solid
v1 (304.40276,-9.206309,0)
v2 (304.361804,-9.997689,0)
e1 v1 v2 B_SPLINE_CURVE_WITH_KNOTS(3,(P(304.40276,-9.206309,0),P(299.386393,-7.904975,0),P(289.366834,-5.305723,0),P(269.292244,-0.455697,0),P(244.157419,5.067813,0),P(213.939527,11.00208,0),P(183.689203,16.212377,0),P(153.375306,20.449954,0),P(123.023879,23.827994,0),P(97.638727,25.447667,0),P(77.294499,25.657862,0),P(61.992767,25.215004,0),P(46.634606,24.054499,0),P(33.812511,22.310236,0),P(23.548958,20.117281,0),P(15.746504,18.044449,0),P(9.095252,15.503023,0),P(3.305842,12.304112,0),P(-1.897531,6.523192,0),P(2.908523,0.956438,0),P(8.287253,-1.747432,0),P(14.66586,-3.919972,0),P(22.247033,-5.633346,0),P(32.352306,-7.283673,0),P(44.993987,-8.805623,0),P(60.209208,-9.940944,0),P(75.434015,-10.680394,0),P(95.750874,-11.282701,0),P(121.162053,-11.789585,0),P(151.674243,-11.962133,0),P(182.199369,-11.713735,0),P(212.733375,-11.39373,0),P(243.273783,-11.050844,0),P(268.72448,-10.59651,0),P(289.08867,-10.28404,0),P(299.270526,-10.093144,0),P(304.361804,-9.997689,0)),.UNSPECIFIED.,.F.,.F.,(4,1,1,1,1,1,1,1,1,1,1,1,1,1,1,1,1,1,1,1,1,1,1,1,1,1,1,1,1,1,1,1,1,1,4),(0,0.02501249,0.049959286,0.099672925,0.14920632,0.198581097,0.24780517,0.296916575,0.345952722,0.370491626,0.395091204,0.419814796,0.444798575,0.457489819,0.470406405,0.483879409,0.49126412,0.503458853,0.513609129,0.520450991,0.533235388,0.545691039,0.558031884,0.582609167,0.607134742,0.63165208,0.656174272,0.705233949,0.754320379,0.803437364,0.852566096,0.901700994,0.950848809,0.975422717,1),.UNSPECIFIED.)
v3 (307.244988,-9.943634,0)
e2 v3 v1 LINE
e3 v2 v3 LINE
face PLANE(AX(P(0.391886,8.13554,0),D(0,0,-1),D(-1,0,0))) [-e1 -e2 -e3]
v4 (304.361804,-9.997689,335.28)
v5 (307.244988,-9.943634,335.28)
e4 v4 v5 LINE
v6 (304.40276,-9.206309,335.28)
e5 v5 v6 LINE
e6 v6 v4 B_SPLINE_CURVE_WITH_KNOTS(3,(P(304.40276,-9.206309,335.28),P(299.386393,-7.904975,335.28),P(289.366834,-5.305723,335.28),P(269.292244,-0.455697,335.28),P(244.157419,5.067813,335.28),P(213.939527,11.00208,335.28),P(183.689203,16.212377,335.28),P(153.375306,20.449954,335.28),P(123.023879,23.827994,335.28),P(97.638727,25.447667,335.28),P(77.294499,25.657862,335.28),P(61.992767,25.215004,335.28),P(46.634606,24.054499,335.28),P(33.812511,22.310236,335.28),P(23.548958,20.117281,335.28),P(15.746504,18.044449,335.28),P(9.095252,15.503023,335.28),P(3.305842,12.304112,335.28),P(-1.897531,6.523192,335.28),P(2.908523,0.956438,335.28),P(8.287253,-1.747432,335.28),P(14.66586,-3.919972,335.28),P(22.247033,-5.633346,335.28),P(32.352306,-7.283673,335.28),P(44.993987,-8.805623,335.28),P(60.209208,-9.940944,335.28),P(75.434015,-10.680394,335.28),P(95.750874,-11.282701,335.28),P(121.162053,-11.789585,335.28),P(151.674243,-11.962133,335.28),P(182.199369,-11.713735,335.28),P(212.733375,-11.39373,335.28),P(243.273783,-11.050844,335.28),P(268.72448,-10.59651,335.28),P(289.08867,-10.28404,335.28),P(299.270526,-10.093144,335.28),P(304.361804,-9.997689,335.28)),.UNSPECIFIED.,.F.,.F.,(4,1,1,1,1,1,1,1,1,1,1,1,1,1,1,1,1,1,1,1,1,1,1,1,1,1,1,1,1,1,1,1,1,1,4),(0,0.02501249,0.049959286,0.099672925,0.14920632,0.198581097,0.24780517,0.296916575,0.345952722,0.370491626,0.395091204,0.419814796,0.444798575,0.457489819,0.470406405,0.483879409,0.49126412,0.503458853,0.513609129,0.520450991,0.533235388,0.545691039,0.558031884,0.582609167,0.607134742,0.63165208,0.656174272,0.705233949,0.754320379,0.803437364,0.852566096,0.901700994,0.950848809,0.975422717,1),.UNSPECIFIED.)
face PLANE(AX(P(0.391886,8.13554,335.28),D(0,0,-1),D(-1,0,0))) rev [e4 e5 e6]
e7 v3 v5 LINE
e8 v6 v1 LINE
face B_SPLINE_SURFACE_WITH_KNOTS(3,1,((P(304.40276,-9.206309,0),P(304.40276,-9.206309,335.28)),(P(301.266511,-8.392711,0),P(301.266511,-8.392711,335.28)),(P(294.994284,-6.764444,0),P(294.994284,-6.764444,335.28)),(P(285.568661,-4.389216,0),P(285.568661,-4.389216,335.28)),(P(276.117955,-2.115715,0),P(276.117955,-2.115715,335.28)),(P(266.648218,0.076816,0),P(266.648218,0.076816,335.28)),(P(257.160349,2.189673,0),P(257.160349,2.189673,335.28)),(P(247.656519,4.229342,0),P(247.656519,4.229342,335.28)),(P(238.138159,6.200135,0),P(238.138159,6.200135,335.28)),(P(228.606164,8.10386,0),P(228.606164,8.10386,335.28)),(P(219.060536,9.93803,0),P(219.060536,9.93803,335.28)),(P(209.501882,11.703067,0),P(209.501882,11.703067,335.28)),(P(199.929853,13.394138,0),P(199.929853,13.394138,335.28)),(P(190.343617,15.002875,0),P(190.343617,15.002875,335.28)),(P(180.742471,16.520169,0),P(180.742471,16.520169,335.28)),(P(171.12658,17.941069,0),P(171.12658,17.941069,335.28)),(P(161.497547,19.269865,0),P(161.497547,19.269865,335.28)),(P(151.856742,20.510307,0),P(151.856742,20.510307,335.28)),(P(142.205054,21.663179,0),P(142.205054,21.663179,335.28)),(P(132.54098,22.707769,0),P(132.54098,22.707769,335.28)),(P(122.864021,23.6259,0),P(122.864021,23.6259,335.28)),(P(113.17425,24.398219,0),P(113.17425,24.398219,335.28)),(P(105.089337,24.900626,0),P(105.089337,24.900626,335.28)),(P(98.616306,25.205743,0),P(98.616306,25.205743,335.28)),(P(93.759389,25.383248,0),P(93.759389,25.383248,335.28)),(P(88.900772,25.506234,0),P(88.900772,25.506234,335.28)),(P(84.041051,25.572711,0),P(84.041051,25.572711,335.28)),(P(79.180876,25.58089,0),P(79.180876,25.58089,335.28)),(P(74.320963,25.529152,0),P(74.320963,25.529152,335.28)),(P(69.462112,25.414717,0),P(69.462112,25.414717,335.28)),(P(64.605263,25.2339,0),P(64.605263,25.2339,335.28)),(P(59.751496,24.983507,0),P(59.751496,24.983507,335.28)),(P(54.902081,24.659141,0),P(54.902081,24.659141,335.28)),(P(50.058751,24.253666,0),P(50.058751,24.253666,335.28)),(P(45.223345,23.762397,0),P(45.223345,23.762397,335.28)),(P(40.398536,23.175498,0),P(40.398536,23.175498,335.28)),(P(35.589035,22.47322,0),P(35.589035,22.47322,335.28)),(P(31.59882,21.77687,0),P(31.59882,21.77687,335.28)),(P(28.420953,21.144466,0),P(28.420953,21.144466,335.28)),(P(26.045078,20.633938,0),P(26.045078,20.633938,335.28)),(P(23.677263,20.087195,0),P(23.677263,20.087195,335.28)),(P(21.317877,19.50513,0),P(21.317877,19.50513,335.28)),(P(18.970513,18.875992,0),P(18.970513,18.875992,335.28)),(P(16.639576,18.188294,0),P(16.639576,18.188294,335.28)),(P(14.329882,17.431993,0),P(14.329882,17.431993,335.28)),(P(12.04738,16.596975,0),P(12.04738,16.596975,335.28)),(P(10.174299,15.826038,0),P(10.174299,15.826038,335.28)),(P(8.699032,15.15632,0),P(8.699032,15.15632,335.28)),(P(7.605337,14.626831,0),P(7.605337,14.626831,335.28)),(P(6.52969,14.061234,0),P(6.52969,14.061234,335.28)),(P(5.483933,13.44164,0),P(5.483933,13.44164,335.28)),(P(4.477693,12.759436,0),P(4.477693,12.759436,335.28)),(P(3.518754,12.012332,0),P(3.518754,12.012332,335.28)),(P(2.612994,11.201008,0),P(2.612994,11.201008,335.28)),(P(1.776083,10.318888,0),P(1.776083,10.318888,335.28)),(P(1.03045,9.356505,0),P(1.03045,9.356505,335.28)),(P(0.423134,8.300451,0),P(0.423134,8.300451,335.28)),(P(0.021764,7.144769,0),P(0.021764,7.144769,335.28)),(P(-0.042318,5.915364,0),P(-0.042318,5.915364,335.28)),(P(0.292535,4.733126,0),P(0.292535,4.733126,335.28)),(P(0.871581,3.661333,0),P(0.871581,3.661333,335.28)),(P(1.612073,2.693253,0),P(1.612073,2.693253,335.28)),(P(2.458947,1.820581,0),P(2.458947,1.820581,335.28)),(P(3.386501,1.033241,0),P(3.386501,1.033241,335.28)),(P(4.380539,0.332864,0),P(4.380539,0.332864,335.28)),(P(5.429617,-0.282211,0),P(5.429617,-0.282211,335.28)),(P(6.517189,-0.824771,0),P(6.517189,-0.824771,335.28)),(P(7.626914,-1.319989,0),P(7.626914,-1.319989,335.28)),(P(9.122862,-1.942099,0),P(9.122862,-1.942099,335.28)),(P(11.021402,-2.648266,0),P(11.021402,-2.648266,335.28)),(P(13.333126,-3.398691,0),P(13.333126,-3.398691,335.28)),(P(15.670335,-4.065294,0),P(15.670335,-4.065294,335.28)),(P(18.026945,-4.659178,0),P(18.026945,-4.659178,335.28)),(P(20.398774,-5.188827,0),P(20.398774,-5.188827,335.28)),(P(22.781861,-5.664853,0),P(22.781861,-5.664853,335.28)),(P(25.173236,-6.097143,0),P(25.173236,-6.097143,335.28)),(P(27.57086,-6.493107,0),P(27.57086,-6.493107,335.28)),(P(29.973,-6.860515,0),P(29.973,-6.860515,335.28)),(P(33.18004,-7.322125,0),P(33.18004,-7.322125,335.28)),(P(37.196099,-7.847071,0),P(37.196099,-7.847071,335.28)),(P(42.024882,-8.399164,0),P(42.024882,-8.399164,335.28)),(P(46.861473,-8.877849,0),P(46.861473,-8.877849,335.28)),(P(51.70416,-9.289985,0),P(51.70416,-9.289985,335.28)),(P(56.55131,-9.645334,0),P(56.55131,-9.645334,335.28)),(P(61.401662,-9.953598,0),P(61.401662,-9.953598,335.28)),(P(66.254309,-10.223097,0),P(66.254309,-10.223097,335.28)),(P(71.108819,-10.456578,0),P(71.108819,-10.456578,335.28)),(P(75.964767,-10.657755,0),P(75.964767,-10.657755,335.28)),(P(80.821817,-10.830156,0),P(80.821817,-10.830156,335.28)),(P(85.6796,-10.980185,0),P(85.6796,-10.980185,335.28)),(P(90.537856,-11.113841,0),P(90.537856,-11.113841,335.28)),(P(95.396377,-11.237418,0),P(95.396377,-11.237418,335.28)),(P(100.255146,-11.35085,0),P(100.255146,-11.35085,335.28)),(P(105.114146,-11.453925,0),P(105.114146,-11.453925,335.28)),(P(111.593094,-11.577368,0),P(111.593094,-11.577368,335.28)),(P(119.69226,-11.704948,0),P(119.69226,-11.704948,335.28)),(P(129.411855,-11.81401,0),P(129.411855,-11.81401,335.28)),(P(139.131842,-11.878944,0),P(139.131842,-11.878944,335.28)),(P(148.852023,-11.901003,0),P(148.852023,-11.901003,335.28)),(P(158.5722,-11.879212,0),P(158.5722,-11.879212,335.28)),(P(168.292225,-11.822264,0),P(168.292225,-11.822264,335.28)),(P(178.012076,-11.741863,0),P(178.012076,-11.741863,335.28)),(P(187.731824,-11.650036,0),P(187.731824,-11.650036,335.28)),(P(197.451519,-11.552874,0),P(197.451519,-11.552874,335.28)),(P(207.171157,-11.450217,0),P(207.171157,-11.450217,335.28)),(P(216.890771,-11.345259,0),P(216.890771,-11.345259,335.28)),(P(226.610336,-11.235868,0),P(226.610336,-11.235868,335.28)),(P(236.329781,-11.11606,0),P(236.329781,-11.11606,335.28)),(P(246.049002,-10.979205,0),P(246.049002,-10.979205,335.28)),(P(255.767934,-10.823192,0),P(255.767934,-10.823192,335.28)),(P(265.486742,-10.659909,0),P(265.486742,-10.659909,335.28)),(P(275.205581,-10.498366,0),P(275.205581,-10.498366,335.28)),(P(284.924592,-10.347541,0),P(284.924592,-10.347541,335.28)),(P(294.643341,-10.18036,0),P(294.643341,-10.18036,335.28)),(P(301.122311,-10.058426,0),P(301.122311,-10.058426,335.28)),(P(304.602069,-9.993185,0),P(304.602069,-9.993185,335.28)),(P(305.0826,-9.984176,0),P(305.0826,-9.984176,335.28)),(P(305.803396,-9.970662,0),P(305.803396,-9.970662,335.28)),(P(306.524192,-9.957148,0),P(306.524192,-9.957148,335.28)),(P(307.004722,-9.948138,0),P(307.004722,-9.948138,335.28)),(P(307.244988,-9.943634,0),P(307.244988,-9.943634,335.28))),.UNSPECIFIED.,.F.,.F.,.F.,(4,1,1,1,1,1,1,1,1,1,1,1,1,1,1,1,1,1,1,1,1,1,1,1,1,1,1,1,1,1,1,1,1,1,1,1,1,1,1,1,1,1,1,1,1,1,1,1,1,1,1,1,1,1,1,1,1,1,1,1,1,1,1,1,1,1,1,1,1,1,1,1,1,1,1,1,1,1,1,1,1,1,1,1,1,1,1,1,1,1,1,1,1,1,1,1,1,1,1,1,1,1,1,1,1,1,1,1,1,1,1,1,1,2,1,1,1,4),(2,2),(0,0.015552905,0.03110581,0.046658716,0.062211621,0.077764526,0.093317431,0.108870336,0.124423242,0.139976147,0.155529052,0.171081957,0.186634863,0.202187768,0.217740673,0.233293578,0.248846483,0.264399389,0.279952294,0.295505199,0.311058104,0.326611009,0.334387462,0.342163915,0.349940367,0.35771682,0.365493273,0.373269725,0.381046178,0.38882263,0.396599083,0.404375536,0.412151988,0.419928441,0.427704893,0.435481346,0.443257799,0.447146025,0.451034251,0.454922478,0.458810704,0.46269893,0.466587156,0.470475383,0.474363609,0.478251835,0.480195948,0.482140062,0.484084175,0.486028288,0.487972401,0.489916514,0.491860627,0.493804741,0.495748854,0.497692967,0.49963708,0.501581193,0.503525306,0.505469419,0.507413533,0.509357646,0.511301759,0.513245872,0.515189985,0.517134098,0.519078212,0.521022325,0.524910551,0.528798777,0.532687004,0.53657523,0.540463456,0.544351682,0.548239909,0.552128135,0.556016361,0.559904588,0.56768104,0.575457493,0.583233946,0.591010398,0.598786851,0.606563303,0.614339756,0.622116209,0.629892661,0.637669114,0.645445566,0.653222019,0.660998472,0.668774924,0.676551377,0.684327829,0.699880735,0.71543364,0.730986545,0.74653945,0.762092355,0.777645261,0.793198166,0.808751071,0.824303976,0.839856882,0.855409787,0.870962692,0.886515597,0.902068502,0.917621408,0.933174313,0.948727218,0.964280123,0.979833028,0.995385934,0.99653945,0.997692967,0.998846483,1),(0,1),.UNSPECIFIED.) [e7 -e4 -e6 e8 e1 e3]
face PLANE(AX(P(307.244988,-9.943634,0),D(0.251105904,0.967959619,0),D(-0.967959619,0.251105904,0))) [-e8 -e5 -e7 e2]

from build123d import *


with BuildPart() as part:
    # Sketch3 → Loft1 section 0
    with BuildSketch(Plane.XY):
        with BuildLine():
            Line((304.402760331, -9.206309447), (307.244987748, -9.943633681))
            Line((307.244987748, -9.943633681), (304.361804056, -9.997689479))
            add(Edge.make_bspline(
                [(304.402760331, -9.206309447), (299.386393305, -7.904974812), (289.366834348, -5.305723396), (269.292243905, -0.455697423), (244.157418673, 5.067813383), (213.93952694, 11.002079852), (183.689202989, 16.212376808), (153.375306279, 20.449953668), (123.023879434, 23.827993752), (97.63872708, 25.447666722), (77.294499113, 25.657862147), (61.992767442, 25.215004112), (46.634606061, 24.054498874), (33.812510772, 22.310235655), (23.548958486, 20.117280617), (15.746504066, 18.044448787), (9.09525196, 15.503022528), (3.305842356, 12.304112273), (-1.897531204, 6.523191652), (2.90852328, 0.956438003), (8.287253401, -1.747431977), (14.665860328, -3.919971957), (22.247032639, -5.633346115), (32.352306183, -7.28367259), (44.993986957, -8.805622753), (60.209207882, -9.940944481), (75.434015323, -10.680394184), (95.75087408, -11.282701477), (121.162053183, -11.789584979), (151.674243405, -11.96213272), (182.199368639, -11.713734618), (212.733374887, -11.393730006), (243.273783293, -11.050843591), (268.724480055, -10.596509904), (289.088670203, -10.284040099), (299.270526365, -10.093144055), (304.361804056, -9.997689479)],
                knots=[0, 0, 0, 0, 0.02501249, 0.049959286, 0.099672925, 0.14920632, 0.198581097, 0.24780517, 0.296916575, 0.345952722, 0.370491626, 0.395091204, 0.419814796, 0.444798575, 0.457489819, 0.470406405, 0.483879409, 0.49126412, 0.503458853, 0.513609129, 0.520450991, 0.533235388, 0.545691039, 0.558031884, 0.582609167, 0.607134742, 0.63165208, 0.656174272, 0.705233949, 0.754320379, 0.803437364, 0.852566096, 0.901700994, 0.950848809, 0.975422717, 1, 1, 1, 1], degree=3))
        make_face()
    # Sketch4 → Loft1 section 1
    with BuildSketch(Plane.XY.offset(335.28)):
        with BuildLine():
            Line((304.361804056, -9.997689479), (307.244987748, -9.943633681))
            Line((307.244987748, -9.943633681), (304.402760331, -9.206309447))
            add(Edge.make_bspline(
                [(304.402760331, -9.206309447), (299.386393305, -7.904974812), (289.366834348, -5.305723396), (269.292243905, -0.455697423), (244.157418673, 5.067813383), (213.93952694, 11.002079852), (183.689202989, 16.212376808), (153.375306279, 20.449953668), (123.023879434, 23.827993752), (97.63872708, 25.447666722), (77.294499113, 25.657862147), (61.992767442, 25.215004112), (46.634606061, 24.054498874), (33.812510772, 22.310235655), (23.548958486, 20.117280617), (15.746504066, 18.044448787), (9.09525196, 15.503022528), (3.305842356, 12.304112273), (-1.897531204, 6.523191652), (2.90852328, 0.956438003), (8.287253401, -1.747431977), (14.665860328, -3.919971957), (22.247032639, -5.633346115), (32.352306183, -7.28367259), (44.993986957, -8.805622753), (60.209207882, -9.940944481), (75.434015323, -10.680394184), (95.75087408, -11.282701477), (121.162053183, -11.789584979), (151.674243405, -11.96213272), (182.199368639, -11.713734618), (212.733374887, -11.393730006), (243.273783293, -11.050843591), (268.724480055, -10.596509904), (289.088670203, -10.284040099), (299.270526365, -10.093144055), (304.361804056, -9.997689479)],
                knots=[0, 0, 0, 0, 0.02501249, 0.049959286, 0.099672925, 0.14920632, 0.198581097, 0.24780517, 0.296916575, 0.345952722, 0.370491626, 0.395091204, 0.419814796, 0.444798575, 0.457489819, 0.470406405, 0.483879409, 0.49126412, 0.503458853, 0.513609129, 0.520450991, 0.533235388, 0.545691039, 0.558031884, 0.582609167, 0.607134742, 0.63165208, 0.656174272, 0.705233949, 0.754320379, 0.803437364, 0.852566096, 0.901700994, 0.950848809, 0.975422717, 1, 1, 1, 1], degree=3))
        make_face()
    loft()


solid = part.part
